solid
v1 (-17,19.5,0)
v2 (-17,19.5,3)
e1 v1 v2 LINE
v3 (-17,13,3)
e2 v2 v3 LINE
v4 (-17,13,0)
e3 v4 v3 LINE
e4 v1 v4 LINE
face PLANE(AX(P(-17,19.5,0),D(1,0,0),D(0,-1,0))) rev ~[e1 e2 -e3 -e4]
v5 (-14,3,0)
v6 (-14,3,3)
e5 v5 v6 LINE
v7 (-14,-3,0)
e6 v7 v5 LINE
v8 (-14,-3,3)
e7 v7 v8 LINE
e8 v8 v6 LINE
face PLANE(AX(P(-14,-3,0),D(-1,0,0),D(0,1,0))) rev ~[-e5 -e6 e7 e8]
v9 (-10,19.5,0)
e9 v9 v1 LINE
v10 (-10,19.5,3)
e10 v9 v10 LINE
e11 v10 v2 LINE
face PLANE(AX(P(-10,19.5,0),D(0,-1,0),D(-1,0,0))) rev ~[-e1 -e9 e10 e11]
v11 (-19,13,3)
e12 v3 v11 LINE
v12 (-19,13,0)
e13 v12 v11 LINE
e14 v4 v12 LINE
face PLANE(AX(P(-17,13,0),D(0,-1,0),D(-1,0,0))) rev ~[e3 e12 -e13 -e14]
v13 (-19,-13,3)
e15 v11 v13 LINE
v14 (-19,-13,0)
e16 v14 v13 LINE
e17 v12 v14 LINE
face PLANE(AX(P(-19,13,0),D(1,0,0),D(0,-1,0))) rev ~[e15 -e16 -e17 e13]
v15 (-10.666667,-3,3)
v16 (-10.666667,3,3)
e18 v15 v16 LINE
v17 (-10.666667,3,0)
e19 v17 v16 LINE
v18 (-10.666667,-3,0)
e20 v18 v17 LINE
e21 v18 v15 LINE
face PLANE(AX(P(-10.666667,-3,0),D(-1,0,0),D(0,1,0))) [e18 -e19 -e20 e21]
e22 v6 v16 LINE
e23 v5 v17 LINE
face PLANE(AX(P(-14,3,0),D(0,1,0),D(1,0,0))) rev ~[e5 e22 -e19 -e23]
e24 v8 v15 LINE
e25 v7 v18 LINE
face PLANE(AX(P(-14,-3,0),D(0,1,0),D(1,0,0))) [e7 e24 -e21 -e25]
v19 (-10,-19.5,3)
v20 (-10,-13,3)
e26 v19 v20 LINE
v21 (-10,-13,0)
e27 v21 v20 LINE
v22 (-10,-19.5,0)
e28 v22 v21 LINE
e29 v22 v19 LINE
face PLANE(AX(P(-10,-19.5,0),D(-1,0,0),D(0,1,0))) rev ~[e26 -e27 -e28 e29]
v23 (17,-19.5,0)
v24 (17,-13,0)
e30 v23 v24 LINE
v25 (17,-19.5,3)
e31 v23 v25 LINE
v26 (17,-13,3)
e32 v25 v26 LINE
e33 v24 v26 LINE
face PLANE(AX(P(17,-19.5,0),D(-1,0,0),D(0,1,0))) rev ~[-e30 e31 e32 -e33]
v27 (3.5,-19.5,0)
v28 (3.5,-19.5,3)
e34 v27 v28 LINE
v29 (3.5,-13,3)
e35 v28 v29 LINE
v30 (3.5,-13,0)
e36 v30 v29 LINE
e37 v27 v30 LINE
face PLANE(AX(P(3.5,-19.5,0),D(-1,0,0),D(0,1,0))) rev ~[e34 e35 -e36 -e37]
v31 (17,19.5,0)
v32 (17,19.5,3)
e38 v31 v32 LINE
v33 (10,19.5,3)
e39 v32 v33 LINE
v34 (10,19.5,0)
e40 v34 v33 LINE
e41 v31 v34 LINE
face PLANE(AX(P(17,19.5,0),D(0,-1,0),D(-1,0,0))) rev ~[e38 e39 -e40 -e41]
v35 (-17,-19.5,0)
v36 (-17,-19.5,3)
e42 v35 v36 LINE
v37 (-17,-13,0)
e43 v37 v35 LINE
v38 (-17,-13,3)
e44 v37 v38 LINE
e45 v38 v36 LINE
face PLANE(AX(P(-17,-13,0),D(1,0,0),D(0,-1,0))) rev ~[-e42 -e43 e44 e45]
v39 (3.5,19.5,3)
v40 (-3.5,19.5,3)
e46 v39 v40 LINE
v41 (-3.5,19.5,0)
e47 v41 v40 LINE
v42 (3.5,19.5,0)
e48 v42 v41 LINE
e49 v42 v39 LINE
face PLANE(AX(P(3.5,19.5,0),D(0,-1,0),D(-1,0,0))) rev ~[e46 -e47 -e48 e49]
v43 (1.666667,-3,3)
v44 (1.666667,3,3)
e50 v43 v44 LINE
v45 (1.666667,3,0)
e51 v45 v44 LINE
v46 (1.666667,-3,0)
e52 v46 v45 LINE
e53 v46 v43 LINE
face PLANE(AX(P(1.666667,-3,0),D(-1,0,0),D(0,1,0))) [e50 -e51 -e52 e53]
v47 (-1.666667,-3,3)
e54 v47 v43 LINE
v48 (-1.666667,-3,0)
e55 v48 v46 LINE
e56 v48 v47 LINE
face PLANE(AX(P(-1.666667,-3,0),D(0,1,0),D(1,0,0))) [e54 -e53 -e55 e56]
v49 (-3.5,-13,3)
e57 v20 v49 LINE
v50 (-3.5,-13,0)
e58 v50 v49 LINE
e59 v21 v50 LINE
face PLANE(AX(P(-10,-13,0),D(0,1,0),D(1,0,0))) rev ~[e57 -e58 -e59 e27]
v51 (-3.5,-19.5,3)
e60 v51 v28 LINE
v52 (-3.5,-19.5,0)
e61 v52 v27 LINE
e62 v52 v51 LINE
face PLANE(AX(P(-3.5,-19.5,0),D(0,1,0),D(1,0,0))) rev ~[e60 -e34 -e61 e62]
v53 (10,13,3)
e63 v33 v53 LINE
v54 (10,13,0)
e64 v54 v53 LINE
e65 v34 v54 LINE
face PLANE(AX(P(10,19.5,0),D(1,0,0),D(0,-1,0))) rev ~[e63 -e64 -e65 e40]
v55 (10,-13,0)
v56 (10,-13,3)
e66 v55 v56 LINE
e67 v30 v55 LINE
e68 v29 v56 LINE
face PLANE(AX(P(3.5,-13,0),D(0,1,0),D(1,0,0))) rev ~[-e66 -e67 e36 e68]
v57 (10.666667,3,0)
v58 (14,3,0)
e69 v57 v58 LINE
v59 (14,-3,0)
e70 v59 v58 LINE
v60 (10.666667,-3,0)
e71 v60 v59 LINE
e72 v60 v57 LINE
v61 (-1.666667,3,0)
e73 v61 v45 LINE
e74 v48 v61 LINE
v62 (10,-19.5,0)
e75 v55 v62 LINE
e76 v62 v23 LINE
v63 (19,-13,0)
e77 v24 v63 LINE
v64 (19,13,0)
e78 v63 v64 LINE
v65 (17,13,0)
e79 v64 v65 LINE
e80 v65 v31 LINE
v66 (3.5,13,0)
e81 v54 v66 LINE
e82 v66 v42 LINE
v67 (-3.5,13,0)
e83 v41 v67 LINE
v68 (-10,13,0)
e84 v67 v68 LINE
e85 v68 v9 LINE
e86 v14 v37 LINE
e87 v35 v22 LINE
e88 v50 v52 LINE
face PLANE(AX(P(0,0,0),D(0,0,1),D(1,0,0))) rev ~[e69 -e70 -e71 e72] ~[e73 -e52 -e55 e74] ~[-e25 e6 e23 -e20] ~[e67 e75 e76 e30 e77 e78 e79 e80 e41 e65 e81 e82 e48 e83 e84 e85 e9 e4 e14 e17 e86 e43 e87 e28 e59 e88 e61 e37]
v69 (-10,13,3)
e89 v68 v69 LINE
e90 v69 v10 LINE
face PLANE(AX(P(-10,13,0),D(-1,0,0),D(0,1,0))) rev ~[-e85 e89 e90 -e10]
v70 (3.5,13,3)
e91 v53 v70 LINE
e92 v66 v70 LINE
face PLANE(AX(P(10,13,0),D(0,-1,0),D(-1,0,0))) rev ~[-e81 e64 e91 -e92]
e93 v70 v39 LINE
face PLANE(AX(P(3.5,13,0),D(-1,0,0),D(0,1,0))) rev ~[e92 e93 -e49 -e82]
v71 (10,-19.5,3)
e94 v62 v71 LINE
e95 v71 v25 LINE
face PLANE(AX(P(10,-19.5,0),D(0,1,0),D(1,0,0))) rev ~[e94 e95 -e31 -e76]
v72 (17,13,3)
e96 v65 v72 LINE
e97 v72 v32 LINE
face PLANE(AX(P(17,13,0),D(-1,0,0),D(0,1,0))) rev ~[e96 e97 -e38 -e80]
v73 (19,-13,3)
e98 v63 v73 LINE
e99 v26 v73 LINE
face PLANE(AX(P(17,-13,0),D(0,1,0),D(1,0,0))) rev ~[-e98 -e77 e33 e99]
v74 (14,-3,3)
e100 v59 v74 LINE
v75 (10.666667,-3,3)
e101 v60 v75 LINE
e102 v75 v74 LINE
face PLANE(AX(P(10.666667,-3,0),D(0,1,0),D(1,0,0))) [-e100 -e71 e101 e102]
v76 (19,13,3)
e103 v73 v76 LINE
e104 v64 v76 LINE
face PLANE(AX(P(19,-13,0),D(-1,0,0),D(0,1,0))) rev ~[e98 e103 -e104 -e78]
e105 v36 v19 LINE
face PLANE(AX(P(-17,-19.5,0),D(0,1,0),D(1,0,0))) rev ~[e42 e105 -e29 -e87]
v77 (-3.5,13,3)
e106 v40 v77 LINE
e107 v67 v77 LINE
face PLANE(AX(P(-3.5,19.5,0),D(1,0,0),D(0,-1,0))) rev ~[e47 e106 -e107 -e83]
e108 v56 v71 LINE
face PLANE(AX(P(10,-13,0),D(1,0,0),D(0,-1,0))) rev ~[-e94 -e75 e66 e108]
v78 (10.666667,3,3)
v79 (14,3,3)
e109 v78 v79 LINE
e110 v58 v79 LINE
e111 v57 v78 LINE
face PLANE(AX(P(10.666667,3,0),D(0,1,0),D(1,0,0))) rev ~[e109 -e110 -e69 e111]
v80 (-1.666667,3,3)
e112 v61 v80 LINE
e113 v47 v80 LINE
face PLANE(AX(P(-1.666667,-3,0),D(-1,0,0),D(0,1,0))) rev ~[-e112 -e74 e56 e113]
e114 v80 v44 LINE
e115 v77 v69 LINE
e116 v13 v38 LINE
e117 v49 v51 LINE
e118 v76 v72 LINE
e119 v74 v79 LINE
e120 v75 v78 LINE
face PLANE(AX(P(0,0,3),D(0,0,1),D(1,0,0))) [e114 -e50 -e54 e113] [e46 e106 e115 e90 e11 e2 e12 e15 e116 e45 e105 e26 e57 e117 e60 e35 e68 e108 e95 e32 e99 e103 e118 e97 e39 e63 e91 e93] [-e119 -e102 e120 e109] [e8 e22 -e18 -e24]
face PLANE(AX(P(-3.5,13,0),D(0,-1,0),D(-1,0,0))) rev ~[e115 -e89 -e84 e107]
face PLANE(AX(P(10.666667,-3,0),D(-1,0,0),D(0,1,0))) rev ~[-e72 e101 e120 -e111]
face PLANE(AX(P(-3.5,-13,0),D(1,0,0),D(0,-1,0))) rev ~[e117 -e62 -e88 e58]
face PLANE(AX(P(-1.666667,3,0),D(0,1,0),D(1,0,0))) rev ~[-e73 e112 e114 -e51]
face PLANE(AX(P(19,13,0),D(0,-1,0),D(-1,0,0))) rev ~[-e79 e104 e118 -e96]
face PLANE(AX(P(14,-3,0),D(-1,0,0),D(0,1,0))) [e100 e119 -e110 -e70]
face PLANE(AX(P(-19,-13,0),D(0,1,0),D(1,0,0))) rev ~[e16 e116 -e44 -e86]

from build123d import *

# Parameters (mm, degrees)
SKETCH_1_W      = 3.333333333
SKETCH_1_H      = 6
SKETCH_1_W_2    = 3.333333334
EXTRUDE_1_DEPTH = 3


with BuildPart() as part:
    # 草图1 → 凸台-拉伸1 (new body)
    with BuildSketch(Plane.XY):
        Polygon((-17, 19.5), (-17, 13), (-19, 13), (-19, -13), (-17, -13), (-17, -19.5), (-10, -19.5), (-10, -13), (-3.5, -13), (-3.5, -19.5), (3.5, -19.5), (3.5, -13), (10, -13), (10, -19.5), (17, -19.5), (17, -13), (19, -13), (19, 13), (17, 13), (17, 19.5), (10, 19.5), (10, 13), (3.5, 13), (3.5, 19.5), (-3.5, 19.5), (-3.5, 13), (-10, 13), (-10, 19.5), align=None)
        with Locations((12.333333334, 0)):
            Rectangle(SKETCH_1_W, SKETCH_1_H, mode=Mode.SUBTRACT)
        with Locations((-12.333333334, 0)):
            Rectangle(SKETCH_1_W, SKETCH_1_H, mode=Mode.SUBTRACT)
        Rectangle(SKETCH_1_W_2, SKETCH_1_H, mode=Mode.SUBTRACT)
    extrude(amount=EXTRUDE_1_DEPTH)


solid = part.part
